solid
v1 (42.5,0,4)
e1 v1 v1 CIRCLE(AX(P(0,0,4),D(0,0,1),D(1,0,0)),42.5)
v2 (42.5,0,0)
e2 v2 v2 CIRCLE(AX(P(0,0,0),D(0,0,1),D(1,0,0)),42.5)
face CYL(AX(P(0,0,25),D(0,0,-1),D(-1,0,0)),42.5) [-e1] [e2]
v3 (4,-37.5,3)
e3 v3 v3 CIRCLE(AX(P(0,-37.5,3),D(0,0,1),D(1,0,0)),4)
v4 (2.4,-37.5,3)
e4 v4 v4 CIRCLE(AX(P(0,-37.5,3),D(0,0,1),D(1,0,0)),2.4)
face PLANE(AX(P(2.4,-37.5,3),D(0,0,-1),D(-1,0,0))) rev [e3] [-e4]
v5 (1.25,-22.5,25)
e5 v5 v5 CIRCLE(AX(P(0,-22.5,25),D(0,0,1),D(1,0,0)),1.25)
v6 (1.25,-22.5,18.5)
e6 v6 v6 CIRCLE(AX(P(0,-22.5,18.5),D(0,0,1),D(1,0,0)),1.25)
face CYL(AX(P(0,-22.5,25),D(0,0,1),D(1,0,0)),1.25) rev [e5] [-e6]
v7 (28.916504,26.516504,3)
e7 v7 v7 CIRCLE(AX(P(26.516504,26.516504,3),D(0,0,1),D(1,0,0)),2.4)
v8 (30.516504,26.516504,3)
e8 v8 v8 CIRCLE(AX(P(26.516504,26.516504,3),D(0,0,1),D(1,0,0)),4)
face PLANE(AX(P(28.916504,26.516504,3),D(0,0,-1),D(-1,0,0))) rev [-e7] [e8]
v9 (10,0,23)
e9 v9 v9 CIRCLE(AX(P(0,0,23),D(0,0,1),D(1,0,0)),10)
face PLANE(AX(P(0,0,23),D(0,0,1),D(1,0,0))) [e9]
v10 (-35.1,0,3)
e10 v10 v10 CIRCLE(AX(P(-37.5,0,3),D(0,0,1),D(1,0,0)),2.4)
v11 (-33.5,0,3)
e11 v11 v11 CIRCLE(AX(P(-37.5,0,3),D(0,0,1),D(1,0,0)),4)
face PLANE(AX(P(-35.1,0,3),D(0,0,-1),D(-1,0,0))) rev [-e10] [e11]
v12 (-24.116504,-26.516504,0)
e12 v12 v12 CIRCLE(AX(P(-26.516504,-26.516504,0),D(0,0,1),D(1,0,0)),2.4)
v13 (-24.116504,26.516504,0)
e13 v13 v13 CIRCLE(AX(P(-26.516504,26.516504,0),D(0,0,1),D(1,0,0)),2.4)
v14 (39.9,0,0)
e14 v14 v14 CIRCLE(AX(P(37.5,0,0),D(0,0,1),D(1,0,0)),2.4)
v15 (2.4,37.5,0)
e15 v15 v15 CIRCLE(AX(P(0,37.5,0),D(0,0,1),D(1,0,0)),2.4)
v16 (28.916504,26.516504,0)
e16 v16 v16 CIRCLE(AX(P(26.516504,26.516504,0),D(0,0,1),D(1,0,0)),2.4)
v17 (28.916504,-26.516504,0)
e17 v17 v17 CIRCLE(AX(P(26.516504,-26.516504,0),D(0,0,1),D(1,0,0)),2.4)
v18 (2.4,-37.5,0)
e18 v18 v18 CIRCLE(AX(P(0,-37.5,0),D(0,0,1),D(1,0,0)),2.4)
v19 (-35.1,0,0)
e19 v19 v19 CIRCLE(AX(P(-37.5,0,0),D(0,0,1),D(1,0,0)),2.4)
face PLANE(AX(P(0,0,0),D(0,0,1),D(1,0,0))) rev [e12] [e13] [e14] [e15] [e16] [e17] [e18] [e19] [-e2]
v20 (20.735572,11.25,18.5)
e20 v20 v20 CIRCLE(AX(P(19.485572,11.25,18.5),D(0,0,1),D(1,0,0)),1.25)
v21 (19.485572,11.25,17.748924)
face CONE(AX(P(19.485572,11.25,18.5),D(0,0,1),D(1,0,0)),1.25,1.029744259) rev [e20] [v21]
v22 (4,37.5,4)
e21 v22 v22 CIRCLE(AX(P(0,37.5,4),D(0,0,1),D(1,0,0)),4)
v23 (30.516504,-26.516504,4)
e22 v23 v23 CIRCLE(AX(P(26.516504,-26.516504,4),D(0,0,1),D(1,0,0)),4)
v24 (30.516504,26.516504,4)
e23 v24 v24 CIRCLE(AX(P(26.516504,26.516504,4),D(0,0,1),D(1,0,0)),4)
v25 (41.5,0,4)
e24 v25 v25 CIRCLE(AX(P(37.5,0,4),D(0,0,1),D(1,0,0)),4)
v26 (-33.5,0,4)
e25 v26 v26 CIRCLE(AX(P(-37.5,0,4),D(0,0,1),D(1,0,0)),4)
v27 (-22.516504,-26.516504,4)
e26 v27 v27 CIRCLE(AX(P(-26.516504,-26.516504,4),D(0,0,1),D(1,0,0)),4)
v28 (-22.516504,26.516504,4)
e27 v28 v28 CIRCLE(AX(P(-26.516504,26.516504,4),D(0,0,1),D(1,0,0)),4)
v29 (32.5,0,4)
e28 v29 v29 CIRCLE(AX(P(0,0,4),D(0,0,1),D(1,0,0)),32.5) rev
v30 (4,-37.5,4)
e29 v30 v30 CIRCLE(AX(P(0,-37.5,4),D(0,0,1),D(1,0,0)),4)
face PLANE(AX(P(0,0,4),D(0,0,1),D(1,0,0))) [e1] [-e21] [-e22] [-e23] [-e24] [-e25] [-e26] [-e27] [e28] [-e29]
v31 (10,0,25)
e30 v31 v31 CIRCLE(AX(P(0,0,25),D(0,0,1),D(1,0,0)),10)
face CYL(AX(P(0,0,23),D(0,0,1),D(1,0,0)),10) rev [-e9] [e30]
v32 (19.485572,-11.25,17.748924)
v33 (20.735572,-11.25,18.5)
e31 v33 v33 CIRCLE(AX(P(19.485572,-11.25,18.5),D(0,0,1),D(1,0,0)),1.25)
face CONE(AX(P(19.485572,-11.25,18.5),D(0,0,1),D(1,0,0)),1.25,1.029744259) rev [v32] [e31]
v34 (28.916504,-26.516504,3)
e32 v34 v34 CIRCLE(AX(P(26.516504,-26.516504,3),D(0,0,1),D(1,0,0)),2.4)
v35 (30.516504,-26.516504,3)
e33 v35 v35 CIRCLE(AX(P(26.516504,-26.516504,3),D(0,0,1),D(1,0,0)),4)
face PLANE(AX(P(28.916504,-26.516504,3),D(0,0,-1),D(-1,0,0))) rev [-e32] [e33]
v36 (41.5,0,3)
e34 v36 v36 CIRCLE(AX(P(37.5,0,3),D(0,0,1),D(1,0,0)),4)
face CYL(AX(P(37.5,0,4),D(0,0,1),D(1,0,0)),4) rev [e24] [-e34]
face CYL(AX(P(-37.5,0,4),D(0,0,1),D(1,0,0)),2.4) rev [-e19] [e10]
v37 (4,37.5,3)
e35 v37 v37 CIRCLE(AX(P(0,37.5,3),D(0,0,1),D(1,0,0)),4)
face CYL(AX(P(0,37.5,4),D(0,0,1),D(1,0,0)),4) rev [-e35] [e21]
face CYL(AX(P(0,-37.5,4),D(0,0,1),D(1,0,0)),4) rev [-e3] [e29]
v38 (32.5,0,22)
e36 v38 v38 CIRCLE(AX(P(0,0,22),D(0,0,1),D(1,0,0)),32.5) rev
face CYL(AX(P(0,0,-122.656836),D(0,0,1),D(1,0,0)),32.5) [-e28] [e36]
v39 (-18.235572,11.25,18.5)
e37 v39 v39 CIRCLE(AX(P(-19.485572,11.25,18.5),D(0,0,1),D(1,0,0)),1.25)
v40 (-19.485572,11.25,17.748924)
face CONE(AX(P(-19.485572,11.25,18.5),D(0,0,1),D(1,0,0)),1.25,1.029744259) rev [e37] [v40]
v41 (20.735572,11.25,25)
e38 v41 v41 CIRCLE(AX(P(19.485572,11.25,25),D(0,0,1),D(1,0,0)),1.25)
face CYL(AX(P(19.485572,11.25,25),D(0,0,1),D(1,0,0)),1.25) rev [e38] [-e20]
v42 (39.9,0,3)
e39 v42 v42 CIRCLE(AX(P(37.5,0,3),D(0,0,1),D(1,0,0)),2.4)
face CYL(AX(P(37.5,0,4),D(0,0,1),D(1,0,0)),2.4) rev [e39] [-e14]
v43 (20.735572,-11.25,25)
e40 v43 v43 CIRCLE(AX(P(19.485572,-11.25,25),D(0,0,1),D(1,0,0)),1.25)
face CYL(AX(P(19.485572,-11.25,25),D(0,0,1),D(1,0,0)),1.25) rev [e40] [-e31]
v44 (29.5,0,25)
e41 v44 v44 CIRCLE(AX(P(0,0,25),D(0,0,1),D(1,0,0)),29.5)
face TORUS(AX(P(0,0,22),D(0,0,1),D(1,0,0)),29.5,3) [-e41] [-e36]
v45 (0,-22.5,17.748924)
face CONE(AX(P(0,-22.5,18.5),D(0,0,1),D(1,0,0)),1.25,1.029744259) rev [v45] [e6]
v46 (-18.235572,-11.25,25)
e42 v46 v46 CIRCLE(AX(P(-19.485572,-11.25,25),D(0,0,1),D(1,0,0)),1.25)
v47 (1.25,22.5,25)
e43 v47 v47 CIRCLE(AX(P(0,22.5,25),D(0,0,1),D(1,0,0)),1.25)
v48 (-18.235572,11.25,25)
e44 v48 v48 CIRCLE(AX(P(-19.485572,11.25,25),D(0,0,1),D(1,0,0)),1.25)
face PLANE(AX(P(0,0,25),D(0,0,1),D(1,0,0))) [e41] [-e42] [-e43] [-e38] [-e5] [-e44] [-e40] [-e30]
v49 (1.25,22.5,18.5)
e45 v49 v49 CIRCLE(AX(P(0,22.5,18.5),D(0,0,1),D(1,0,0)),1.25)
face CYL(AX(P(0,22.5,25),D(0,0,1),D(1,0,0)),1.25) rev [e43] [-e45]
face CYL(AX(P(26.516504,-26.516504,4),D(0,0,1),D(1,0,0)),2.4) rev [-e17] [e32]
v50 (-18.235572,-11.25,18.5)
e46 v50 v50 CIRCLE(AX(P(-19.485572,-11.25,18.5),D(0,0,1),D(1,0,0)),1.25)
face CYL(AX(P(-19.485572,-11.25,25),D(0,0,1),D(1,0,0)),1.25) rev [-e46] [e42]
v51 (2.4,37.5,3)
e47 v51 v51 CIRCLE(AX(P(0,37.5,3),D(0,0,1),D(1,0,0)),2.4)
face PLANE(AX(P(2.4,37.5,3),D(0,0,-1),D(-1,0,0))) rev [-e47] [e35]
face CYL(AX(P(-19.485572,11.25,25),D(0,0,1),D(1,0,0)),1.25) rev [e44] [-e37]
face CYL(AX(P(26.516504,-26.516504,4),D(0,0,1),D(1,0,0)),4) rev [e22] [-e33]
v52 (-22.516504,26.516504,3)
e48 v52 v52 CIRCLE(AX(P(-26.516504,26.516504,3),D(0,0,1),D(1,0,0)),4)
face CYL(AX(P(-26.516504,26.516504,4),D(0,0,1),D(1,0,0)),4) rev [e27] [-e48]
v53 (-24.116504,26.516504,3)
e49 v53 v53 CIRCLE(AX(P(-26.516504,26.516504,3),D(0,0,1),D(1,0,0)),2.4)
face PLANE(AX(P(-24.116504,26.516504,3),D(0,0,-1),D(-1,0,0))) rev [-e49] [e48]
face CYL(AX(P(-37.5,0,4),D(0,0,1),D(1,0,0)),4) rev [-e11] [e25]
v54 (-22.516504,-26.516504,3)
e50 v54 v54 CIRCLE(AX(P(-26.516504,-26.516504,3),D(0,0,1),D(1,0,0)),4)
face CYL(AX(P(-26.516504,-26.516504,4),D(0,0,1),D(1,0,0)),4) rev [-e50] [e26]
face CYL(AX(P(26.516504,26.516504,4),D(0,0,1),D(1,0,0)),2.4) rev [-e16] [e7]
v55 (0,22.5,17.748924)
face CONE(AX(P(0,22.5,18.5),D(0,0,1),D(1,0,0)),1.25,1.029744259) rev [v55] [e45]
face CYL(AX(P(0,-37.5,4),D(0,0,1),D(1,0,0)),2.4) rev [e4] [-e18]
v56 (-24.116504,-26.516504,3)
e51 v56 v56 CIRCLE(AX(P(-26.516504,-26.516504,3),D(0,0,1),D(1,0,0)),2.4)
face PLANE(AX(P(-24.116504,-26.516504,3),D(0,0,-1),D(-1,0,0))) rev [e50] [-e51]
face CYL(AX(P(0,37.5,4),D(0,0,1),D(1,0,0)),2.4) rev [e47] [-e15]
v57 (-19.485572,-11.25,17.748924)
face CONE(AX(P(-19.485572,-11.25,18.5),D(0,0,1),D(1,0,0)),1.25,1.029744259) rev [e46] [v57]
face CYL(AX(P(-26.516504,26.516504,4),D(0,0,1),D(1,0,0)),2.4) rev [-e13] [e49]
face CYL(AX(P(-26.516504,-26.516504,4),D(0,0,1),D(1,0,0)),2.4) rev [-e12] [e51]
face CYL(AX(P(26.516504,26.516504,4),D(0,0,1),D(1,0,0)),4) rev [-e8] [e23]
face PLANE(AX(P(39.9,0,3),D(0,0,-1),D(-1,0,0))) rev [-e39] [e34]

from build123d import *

# Parameters (mm, degrees)
SKETCH_1_R               = 42.5
EXTRUDE_1_DEPTH          = 25
SKETCH_2_OUTSIDE_W       = 111.556
SKETCH_2_OUTSIDE_H       = 111.556
SKETCH_2_OUTSIDE_R       = 32.5
CUT_EXTRUDE_1_DEPTH      = 21
PATTERN_CIRCULAR_1_COUNT = 8
SKETCH_5_R               = 10
CUT_EXTRUDE_2_DEPTH      = 2
PATTERN_CIRCULAR_2_COUNT = 6
FILLET_1_R               = 3


with BuildPart() as part:
    # 草图1 → 凸台-拉伸1 (new body)
    with BuildSketch(Plane.XY):
        Circle(SKETCH_1_R)
    extrude(amount=EXTRUDE_1_DEPTH)

    # 草图2 outside → 切除-拉伸1 (cut)
    with BuildSketch(Plane.XY.offset(25)):
        Rectangle(SKETCH_2_OUTSIDE_W, SKETCH_2_OUTSIDE_H)
        Circle(SKETCH_2_OUTSIDE_R, mode=Mode.SUBTRACT)
    extrude(amount=-CUT_EXTRUDE_1_DEPTH, mode=Mode.SUBTRACT)

    # 草图3 → 打孔尺寸(%根据)内六角圆柱头螺钉的类型1 (revolve, cut)
    with BuildSketch(Plane(origin=(0, 37.5, 4), x_dir=(0, -1, 0), z_dir=(1, 0, 0))):
        Polygon((0, 0), (0, 7.942065486), (2.4, 6.5), (2.4, 1), (4, 1), (4, 0), align=None)
    hole_wizard_1 = revolve(axis=Axis((0, 37.5, 10.35), (0, 0, -1)), mode=Mode.SUBTRACT)

    # 阵列(圆周)1: 打孔尺寸(%根据)内六角圆柱头螺钉的类型1 ×8 about axis
    pattern_circular_1_axis = Axis((0, 0, 0), (0, 0, 1))
    for i in range(1, PATTERN_CIRCULAR_1_COUNT):
        add(hole_wizard_1.rotate(pattern_circular_1_axis, i * 360 / PATTERN_CIRCULAR_1_COUNT), mode=Mode.SUBTRACT)

    # 草图5 → 切除-拉伸2 (cut)
    with BuildSketch(Plane.XY.offset(25)):
        Circle(SKETCH_5_R)
    extrude(amount=-CUT_EXTRUDE_2_DEPTH, mode=Mode.SUBTRACT)

    # 草图6 → M3 螺纹孔1 (revolve, cut)
    with BuildSketch(Plane(origin=(0, 22.5, 25), x_dir=(0, -1, 0), z_dir=(1, 0, 0))):
        Polygon((0, 0), (0, 7.251075774), (1.25, 6.5), (1.25, 0), align=None)
    hole_wizard_m3_1 = revolve(axis=Axis((0, 22.5, 31.35), (0, 0, -1)), mode=Mode.SUBTRACT)

    # 阵列(圆周)2: M3 螺纹孔1 ×6 about axis
    pattern_circular_2_axis = Axis((0, 0, 0), (0, 0, 1))
    for i in range(1, PATTERN_CIRCULAR_2_COUNT):
        add(hole_wizard_m3_1.rotate(pattern_circular_2_axis, i * 360 / PATTERN_CIRCULAR_2_COUNT), mode=Mode.SUBTRACT)

    # 圆角1
    fillet_1_edges = [part.edges().sort_by_distance(p)[0] for p in [
        (-32.5, 0, 25),
    ]]
    fillet(fillet_1_edges, radius=FILLET_1_R)


solid = part.part
